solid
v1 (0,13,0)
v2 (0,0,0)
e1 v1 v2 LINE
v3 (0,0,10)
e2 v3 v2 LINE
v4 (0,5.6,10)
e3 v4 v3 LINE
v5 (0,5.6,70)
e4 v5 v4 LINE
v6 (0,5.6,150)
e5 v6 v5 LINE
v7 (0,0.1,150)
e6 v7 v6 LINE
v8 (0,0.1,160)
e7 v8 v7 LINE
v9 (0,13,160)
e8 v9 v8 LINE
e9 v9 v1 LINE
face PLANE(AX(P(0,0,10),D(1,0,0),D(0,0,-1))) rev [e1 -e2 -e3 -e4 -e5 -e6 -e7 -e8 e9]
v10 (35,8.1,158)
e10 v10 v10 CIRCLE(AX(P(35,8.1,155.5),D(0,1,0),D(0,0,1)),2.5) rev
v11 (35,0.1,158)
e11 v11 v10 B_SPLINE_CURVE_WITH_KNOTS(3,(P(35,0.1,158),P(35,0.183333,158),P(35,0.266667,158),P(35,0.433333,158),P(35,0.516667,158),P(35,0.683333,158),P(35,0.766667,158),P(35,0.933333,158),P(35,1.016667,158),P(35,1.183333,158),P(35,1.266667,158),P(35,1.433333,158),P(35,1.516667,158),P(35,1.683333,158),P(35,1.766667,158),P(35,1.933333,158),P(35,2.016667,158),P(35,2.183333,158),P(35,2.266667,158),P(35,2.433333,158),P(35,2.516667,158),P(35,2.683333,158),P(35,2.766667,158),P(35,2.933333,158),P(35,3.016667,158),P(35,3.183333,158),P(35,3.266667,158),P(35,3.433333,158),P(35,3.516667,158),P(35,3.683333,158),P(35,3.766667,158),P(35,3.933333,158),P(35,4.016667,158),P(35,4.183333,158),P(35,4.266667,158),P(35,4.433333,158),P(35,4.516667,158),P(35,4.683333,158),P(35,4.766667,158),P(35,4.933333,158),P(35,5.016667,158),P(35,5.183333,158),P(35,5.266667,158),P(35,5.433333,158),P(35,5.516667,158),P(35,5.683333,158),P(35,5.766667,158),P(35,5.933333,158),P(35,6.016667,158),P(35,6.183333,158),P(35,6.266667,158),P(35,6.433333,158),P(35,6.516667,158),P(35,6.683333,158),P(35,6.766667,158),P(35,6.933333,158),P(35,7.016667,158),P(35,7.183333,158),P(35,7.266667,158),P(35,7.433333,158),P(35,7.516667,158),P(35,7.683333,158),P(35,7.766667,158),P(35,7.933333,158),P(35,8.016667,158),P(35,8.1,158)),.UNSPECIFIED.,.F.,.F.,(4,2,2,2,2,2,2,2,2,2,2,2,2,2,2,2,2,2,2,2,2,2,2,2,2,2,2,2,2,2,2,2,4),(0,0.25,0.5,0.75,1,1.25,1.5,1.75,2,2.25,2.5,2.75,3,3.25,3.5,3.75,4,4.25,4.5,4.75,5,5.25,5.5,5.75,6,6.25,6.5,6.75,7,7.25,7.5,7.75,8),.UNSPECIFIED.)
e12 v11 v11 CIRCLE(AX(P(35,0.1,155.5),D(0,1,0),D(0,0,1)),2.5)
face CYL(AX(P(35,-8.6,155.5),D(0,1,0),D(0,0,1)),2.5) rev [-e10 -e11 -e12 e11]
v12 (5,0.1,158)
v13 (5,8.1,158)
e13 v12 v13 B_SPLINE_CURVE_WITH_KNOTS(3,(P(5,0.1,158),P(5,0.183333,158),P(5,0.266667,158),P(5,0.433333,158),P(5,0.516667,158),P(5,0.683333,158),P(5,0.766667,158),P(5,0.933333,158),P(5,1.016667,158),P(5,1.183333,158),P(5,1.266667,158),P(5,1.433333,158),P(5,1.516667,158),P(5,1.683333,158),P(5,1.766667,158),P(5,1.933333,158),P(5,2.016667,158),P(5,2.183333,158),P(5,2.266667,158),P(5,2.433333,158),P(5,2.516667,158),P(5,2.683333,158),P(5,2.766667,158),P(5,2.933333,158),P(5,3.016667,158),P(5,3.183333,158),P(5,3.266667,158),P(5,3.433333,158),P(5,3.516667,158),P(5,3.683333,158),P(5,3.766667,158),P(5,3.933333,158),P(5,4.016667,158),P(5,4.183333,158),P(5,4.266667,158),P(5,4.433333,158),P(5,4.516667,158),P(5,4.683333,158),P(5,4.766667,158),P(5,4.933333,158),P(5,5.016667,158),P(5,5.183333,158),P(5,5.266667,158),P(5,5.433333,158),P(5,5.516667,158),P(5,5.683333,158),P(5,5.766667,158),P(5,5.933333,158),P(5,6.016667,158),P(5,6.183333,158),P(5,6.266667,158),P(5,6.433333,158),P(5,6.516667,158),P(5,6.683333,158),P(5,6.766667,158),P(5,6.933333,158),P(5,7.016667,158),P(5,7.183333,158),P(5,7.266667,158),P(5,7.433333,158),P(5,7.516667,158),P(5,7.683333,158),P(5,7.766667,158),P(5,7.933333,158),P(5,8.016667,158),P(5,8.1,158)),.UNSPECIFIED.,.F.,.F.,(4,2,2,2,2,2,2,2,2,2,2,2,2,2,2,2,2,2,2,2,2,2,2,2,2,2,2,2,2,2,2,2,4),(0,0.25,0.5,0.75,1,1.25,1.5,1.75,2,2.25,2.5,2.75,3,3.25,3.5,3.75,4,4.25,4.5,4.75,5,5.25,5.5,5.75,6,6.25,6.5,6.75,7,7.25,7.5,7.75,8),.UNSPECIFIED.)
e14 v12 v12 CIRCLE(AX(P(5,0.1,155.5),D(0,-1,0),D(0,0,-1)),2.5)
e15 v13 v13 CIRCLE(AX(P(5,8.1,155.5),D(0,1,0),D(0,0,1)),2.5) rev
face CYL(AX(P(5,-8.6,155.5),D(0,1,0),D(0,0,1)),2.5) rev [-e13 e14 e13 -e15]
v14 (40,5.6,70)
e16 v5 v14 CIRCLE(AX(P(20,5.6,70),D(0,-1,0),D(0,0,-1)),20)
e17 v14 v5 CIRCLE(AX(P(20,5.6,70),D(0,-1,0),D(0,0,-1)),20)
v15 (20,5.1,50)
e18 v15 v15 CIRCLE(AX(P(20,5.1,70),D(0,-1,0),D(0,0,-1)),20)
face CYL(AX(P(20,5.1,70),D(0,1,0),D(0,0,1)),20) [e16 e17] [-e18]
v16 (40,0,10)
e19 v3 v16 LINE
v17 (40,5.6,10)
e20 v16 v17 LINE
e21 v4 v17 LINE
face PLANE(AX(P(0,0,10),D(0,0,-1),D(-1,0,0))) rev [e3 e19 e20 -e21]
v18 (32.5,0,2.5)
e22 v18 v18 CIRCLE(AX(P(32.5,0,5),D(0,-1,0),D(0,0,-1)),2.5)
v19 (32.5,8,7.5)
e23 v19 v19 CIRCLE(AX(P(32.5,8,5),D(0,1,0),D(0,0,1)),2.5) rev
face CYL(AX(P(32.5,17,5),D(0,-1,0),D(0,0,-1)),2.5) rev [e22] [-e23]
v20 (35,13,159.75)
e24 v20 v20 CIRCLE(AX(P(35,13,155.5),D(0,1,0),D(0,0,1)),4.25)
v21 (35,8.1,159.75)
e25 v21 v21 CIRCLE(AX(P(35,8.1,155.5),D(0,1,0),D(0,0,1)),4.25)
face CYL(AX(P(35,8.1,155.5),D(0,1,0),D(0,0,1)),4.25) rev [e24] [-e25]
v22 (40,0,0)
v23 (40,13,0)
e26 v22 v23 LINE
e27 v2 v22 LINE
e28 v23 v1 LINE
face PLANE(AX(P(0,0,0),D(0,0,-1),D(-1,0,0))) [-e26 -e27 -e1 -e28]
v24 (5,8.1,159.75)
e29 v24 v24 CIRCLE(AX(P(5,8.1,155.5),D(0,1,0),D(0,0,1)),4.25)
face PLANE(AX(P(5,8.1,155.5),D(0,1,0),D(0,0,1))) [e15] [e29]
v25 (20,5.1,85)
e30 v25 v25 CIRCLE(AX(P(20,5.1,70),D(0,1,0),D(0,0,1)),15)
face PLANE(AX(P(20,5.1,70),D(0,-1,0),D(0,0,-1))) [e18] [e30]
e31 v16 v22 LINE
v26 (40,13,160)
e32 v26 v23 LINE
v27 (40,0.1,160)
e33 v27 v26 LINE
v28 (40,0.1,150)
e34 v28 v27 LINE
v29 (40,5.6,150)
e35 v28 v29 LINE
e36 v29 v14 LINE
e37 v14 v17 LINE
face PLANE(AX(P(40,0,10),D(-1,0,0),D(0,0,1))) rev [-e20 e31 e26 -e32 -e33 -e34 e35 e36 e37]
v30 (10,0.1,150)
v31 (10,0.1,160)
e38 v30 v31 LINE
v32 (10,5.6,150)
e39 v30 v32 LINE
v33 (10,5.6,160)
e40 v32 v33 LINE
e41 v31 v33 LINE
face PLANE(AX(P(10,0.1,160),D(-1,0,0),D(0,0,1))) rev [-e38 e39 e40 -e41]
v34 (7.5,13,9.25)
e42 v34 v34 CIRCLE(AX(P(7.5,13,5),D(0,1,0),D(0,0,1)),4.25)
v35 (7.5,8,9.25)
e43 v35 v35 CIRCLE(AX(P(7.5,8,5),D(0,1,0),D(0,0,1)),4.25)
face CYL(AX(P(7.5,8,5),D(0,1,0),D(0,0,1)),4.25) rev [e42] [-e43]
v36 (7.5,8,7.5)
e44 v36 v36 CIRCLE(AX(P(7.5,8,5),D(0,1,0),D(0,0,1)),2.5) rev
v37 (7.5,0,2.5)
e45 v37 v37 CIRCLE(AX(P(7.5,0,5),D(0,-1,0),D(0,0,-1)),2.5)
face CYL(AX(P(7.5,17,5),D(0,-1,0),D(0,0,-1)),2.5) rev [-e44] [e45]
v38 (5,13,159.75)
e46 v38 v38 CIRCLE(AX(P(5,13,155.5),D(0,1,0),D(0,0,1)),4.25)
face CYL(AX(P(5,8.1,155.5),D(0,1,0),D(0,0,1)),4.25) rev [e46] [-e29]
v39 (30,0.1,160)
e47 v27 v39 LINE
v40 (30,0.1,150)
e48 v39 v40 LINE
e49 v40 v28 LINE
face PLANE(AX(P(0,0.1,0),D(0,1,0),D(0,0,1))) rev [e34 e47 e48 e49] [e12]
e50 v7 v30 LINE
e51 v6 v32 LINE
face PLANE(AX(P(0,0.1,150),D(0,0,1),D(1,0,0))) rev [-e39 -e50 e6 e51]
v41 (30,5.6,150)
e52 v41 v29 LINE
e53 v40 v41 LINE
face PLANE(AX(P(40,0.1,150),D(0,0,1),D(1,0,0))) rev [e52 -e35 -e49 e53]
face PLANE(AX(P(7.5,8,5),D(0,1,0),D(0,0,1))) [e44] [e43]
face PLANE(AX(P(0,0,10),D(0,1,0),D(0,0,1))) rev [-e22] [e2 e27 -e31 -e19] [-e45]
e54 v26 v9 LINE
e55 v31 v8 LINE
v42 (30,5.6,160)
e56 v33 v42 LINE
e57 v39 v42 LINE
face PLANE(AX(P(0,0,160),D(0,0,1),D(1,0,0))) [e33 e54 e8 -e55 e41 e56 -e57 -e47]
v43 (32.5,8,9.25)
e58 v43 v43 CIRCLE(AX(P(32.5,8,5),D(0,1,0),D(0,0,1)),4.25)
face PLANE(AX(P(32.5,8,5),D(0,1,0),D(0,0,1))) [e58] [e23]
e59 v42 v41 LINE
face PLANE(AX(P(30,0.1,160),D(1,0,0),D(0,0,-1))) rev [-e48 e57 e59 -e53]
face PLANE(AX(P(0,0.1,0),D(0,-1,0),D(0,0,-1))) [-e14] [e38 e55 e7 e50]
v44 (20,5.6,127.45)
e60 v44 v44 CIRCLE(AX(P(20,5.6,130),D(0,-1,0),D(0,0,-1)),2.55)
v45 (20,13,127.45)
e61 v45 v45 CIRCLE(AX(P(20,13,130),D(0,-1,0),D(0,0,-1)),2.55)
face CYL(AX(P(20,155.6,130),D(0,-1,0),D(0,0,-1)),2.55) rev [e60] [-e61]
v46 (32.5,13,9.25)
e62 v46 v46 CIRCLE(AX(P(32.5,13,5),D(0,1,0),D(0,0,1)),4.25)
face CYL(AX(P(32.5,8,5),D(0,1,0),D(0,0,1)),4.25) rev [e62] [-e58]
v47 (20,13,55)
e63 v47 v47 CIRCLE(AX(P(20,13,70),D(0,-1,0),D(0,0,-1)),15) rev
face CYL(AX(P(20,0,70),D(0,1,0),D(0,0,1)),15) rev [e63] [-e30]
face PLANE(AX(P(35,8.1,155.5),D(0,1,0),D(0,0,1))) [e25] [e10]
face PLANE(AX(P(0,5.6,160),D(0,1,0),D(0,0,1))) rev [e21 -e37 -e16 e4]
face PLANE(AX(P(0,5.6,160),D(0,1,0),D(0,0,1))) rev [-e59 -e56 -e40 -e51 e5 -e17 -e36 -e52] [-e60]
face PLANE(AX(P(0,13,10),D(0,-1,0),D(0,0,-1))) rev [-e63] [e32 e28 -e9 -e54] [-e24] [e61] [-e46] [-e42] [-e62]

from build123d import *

# Parameters (mm, degrees)
SKIZZE1_W                            = 40
SKIZZE1_H                            = 13
AUFSATZ_LINEAR_AUSTRAGEN1_DEPTH      = 10
SKIZZE3_W                            = 40
SKIZZE3_H                            = 7.4
AUFSATZ_LINEAR_AUSTRAGEN3_DEPTH      = 150
SCHNITT_LINEAR_AUSTRAGEN1_DEPTH      = 166.090157187
SCHNITT_LINEAR_AUSTRAGEN1_DEPTH_BACK = 11
SKIZZE4_R                            = 15
SKIZZE7_R                            = 20
AUFSATZ_LINEAR_AUSTRAGEN4_DEPTH      = 0.5
SKIZZE5_R                            = 2.55
SCHNITT_LINEAR_AUSTRAGEN2_DEPTH      = 150
SCHNITT_LINEAR_START                 = -0.5
SKIZZE8_R                            = 15
SCHNITT_LINEAR_AUSTRAGEN4_DEPTH      = 0.5
SKIZZE10_R                           = 2.5
SCHNITT_LINEAR_AUSTRAGEN5_DEPTH      = 17
SKIZZE15_R                           = 4.25
SCHNITT_LINEAR_AUSTRAGEN7_DEPTH      = 5
SKIZZE16_W                           = 10
SKIZZE16_H                           = 10
AUFSATZ_LINEAR_AUSTRAGEN5_DEPTH      = 5.5
SKIZZE17_R                           = 2.5
SCHNITT_LINEAR_AUSTRAGEN8_DEPTH      = 21.6
SKIZZE18_R                           = 4.25
SCHNITT_LINEAR_AUSTRAGEN9_DEPTH      = 4.9


with BuildPart() as part:
    # Skizze1 → Aufsatz-Linear austragen1 (new body)
    with BuildSketch(Plane.XY):
        with Locations((20, 6.5)):
            Rectangle(SKIZZE1_W, SKIZZE1_H)
    extrude(amount=AUFSATZ_LINEAR_AUSTRAGEN1_DEPTH)

    # Skizze3 → Aufsatz-Linear austragen3 (add)
    with BuildSketch(Plane.XY.offset(10)):
        with Locations((20, 9.3)):
            Rectangle(SKIZZE3_W, SKIZZE3_H)
    extrude(amount=AUFSATZ_LINEAR_AUSTRAGEN3_DEPTH)

    # Skizze4 → Schnitt-Linear austragen1 (cut, two sides: drawn at the far end of the back side and taken through both)
    with BuildSketch(Plane.XZ.offset(-5.6).offset(-SCHNITT_LINEAR_AUSTRAGEN1_DEPTH_BACK)):
        with Locations(Location((20, 70, 0), (0, 0, 90))):
            Circle(SKIZZE4_R)
    extrude(amount=SCHNITT_LINEAR_AUSTRAGEN1_DEPTH + SCHNITT_LINEAR_AUSTRAGEN1_DEPTH_BACK, mode=Mode.SUBTRACT)

    # Skizze7 → Aufsatz-Linear austragen4 (add)
    with BuildSketch(Plane.XZ.offset(-5.6)):
        with Locations(Location((20, 70, 0), (0, 0, 180))):
            Circle(SKIZZE7_R)
    extrude(amount=AUFSATZ_LINEAR_AUSTRAGEN4_DEPTH)

    # Skizze5 → Schnitt-Linear austragen2 (cut)
    with BuildSketch(Plane(origin=(0, 5.6, 0), x_dir=(-1, 0, 0), z_dir=(0, -1, 0))):
        with Locations(Location((-20, -130, 0), (0, 0, 90))):
            Circle(SKIZZE5_R)
    extrude(amount=-SCHNITT_LINEAR_AUSTRAGEN2_DEPTH, mode=Mode.SUBTRACT)

    # Skizze8 → Schnitt-Linear austragen4 (cut)
    with BuildSketch(Plane(origin=(0, 5.6, 0), x_dir=(1, 0, 0), z_dir=(0, 1, 0)).offset(SCHNITT_LINEAR_START)):
        with Locations(Location((20, -70, 0), (0, 0, 270))):
            Circle(SKIZZE8_R)
    extrude(amount=SCHNITT_LINEAR_AUSTRAGEN4_DEPTH, mode=Mode.SUBTRACT)

    # Skizze10 → Schnitt-Linear austragen5 (cut)
    with BuildSketch(Plane.XZ):
        with Locations(Location((7.5, 5, 0), (0, 0, 270))):
            Circle(SKIZZE10_R)
        with Locations(Location((32.5, 5, 0), (0, 0, 270))):
            Circle(SKIZZE10_R)
    extrude(amount=-SCHNITT_LINEAR_AUSTRAGEN5_DEPTH, mode=Mode.SUBTRACT)

    # Skizze15 → Schnitt-Linear austragen7 (cut)
    with BuildSketch(Plane(origin=(0, 13, 0), x_dir=(1, 0, 0), z_dir=(0, 1, 0))):
        with Locations(Location((7.5, -5, 0), (0, 0, 270))):
            Circle(SKIZZE15_R)
        with Locations(Location((32.5, -5, 0), (0, 0, 270))):
            Circle(SKIZZE15_R)
    extrude(amount=-SCHNITT_LINEAR_AUSTRAGEN7_DEPTH, mode=Mode.SUBTRACT)

    # Skizze16 → Aufsatz-Linear austragen5 (add)
    with BuildSketch(Plane.XZ.offset(-5.6)):
        with Locations((5, 155)):
            Rectangle(SKIZZE16_W, SKIZZE16_H)
        with Locations((35, 155)):
            Rectangle(SKIZZE16_W, SKIZZE16_H)
    extrude(amount=AUFSATZ_LINEAR_AUSTRAGEN5_DEPTH)

    # Skizze17 → Schnitt-Linear austragen8 (cut)
    with BuildSketch(Plane(origin=(0, 13, 0), x_dir=(1, 0, 0), z_dir=(0, 1, 0))):
        with Locations(Location((5, -155.5, 0), (0, 0, 270))):
            Circle(SKIZZE17_R)
        with Locations(Location((35, -155.5, 0), (0, 0, 270))):
            Circle(SKIZZE17_R)
    extrude(amount=-SCHNITT_LINEAR_AUSTRAGEN8_DEPTH, mode=Mode.SUBTRACT)

    # Skizze18 → Schnitt-Linear austragen9 (cut)
    with BuildSketch(Plane(origin=(0, 13, 0), x_dir=(1, 0, 0), z_dir=(0, 1, 0))):
        with Locations(Location((5, -155.5, 0), (0, 0, 270))):
            Circle(SKIZZE18_R)
        with Locations(Location((35, -155.5, 0), (0, 0, 270))):
            Circle(SKIZZE18_R)
    extrude(amount=-SCHNITT_LINEAR_AUSTRAGEN9_DEPTH, mode=Mode.SUBTRACT)


solid = part.part
